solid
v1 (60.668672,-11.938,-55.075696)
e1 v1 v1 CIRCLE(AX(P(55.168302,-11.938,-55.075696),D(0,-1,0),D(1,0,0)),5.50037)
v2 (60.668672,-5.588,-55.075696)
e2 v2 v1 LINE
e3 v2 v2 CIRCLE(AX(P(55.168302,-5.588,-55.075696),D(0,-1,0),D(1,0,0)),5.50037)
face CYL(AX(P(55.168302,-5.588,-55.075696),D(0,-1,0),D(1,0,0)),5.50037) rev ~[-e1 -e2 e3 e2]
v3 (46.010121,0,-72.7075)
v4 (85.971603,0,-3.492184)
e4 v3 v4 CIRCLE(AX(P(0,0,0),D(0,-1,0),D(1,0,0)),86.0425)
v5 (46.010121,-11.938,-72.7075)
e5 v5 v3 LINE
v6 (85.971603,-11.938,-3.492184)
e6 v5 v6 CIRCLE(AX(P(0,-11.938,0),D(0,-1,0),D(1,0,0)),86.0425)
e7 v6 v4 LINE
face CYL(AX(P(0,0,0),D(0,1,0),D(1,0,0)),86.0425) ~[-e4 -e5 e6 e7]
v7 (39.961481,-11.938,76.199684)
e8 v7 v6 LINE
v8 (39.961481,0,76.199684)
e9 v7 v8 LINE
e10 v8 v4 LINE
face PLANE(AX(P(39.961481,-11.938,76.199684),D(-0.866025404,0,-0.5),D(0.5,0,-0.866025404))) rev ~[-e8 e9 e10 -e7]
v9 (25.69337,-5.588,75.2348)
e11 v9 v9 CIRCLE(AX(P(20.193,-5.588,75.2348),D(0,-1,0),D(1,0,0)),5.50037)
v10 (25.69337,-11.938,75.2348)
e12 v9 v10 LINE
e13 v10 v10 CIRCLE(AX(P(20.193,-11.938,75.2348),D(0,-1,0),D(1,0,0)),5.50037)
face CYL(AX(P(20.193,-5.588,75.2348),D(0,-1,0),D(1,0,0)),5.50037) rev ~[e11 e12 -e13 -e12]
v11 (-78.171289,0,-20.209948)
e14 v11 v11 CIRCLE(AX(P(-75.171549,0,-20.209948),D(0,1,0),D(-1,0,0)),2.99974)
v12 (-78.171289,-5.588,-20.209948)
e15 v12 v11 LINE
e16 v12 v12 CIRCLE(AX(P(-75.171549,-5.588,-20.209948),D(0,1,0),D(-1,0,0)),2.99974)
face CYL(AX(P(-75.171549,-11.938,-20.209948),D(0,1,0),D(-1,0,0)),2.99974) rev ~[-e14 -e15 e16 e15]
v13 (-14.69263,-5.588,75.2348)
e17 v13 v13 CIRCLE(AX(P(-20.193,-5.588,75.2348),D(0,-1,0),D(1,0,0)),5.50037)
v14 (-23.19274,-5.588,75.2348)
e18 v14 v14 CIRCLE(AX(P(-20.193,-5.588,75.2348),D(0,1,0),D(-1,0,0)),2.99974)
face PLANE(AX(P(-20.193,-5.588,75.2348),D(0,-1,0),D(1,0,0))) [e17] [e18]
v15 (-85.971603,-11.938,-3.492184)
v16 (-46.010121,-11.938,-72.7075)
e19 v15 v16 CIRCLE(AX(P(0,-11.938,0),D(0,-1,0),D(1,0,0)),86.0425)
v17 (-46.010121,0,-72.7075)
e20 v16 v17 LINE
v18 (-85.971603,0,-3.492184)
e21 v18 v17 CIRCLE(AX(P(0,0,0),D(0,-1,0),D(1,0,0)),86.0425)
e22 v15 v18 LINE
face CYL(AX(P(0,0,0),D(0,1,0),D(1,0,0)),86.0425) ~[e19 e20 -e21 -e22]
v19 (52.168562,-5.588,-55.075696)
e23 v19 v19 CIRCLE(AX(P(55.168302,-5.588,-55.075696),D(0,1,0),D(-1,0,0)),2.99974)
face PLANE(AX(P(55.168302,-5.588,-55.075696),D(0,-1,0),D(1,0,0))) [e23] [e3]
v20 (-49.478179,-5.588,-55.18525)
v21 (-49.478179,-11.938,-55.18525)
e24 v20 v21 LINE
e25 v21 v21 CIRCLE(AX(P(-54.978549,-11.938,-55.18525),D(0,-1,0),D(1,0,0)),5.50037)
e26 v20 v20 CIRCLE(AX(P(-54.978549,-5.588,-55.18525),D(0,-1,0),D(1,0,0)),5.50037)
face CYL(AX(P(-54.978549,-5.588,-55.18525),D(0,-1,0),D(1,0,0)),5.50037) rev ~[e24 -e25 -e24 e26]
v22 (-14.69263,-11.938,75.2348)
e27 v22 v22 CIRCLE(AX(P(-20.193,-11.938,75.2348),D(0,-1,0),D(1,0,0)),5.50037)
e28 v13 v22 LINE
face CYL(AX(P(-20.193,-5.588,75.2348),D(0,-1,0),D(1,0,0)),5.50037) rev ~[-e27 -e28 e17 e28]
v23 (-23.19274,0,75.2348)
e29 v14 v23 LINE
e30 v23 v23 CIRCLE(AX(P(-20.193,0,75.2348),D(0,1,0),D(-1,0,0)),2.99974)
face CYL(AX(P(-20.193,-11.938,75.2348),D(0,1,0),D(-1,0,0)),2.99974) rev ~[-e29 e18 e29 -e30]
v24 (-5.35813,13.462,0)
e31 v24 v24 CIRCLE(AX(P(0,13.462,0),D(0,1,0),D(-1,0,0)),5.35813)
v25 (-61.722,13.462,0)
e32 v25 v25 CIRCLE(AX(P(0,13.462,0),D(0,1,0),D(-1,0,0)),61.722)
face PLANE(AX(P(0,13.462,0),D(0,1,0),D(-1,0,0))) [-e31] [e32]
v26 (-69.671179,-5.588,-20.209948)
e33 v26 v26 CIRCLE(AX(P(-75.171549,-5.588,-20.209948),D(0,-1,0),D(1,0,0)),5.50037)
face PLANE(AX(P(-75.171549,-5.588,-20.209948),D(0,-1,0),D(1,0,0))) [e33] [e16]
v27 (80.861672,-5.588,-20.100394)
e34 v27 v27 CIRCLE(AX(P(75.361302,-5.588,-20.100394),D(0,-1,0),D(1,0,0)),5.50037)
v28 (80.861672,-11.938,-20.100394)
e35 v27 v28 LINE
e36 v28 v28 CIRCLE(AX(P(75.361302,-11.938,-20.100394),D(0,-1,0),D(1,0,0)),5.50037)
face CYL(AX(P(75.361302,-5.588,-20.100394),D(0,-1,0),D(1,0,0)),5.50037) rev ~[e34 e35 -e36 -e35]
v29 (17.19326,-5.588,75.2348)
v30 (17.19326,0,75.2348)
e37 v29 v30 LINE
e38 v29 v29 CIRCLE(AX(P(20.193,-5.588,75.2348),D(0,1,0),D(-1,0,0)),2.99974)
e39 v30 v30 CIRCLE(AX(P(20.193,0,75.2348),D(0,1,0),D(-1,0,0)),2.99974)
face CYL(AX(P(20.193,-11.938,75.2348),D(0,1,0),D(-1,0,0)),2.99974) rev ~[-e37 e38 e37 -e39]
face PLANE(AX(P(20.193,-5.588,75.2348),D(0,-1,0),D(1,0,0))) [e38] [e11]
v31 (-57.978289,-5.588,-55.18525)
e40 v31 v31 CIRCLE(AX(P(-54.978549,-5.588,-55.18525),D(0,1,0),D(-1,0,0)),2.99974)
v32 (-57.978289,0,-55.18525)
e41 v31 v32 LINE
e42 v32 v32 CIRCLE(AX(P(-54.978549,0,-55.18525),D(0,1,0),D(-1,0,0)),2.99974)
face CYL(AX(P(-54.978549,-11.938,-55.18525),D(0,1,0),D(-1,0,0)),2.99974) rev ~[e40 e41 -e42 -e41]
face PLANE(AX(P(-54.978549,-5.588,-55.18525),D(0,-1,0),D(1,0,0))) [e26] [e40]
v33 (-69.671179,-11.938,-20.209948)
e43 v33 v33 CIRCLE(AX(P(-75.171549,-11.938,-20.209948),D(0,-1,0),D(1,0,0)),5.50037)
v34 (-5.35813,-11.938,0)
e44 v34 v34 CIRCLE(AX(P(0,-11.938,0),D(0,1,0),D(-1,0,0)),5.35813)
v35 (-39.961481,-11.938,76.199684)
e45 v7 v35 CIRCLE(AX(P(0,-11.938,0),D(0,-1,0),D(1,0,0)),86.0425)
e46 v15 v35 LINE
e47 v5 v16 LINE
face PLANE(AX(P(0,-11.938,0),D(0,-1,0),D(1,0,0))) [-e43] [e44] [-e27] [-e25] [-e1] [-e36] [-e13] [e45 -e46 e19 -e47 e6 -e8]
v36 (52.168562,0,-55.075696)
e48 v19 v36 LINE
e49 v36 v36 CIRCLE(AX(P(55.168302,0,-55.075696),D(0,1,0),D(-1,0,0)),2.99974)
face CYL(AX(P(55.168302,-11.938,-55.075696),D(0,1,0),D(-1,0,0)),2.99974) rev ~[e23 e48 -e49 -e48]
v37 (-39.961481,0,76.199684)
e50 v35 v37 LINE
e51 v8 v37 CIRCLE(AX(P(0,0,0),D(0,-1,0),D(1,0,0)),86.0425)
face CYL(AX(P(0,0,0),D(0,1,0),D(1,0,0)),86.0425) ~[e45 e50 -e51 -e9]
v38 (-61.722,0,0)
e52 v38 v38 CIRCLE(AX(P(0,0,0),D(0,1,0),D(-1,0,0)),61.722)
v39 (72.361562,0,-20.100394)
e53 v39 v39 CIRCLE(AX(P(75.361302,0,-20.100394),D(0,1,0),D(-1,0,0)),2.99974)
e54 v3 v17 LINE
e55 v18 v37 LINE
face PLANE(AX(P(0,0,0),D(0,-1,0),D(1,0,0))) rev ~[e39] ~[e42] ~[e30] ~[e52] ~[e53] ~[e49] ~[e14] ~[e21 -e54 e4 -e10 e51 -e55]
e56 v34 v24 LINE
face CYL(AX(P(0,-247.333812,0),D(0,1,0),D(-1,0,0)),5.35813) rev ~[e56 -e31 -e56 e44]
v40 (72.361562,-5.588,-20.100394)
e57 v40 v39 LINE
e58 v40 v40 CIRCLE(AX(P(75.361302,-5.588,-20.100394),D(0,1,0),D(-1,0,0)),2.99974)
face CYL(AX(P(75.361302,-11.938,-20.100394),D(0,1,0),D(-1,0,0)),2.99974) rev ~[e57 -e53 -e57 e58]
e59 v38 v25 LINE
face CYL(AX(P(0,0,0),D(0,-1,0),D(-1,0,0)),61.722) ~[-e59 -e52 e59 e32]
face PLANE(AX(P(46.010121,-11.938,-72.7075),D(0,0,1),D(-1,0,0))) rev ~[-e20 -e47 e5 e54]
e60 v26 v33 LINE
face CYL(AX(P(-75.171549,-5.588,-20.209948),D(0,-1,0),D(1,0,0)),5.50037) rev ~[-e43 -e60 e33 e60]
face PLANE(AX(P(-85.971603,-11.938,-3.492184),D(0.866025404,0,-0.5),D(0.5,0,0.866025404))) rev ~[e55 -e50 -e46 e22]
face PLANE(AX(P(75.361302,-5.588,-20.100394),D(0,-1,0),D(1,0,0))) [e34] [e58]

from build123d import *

# Parameters (mm, degrees)
F0_R           = 86.0425
F1_DEPTH       = 11.938
F2_R           = 61.722
F3_DEPTH       = 13.462
F5_DEPTH       = 25.401
F7_D           = 5.99948
F7_CBORE_D     = 11.00074
F7_CBORE_DEPTH = 6.35
F9_D           = 10.71626


with BuildPart() as f1:
    # F0 (on Front) → F1 (new body)
    with BuildSketch(Plane.XZ):
        Circle(F0_R)
    extrude(amount=F1_DEPTH)

    # F2 (on face) → F3 (join)
    with BuildSketch(Plane(origin=(0, 0, 0), x_dir=(-1, 0, 0), z_dir=(0, 1, 0))):
        Circle(F2_R)
    extrude(amount=F3_DEPTH)

    # F4 (on face) → F5 (cut, through all)
    with BuildSketch(Plane.XZ.offset(11.938)):
        with BuildLine():
            Line((-85.9716026302, -3.4921837637), (-39.9614814611, 76.1996837637))
            ThreePointArc((-39.9614814611, 76.1996837637), (-74.5149908051, 43.02125), (-85.9716026302, -3.4921837637))
        make_face()
        with BuildLine():
            ThreePointArc((86.0425, 0), (73.6264136532, 44.5248584368), (39.9614814611, 76.1996837637))
            Line((39.9614814611, 76.1996837637), (85.9716026302, -3.4921837637))
            ThreePointArc((85.9716026302, -3.4921837637), (86.0247738316, -1.7464516796), (86.0425, 0))
        make_face()
        with BuildLine():
            ThreePointArc((-46.0101211692, -72.7075), (0, -86.0425), (46.0101211692, -72.7075))
            Line((46.0101211692, -72.7075), (-46.0101211692, -72.7075))
        make_face()
    extrude(amount=-F5_DEPTH, mode=Mode.SUBTRACT)

    # F7 (through all)
    with Locations(Plane.XZ.offset(11.938)):
        with Locations((20.193, 75.2348), (-20.193, 75.2348), (-75.1715490214, -20.2099480486), (-54.9785490214, -55.1852500059), (55.1683019572, -55.0756960973), (75.3613019572, -20.10039414)):
            CounterBoreHole(F7_D / 2, F7_CBORE_D / 2, F7_CBORE_DEPTH)

    # F9 (through all)
    with Locations(Plane.XZ.offset(11.938)):
        with Locations((0, 0)):
            Hole(F9_D / 2)


solid = f1.part
